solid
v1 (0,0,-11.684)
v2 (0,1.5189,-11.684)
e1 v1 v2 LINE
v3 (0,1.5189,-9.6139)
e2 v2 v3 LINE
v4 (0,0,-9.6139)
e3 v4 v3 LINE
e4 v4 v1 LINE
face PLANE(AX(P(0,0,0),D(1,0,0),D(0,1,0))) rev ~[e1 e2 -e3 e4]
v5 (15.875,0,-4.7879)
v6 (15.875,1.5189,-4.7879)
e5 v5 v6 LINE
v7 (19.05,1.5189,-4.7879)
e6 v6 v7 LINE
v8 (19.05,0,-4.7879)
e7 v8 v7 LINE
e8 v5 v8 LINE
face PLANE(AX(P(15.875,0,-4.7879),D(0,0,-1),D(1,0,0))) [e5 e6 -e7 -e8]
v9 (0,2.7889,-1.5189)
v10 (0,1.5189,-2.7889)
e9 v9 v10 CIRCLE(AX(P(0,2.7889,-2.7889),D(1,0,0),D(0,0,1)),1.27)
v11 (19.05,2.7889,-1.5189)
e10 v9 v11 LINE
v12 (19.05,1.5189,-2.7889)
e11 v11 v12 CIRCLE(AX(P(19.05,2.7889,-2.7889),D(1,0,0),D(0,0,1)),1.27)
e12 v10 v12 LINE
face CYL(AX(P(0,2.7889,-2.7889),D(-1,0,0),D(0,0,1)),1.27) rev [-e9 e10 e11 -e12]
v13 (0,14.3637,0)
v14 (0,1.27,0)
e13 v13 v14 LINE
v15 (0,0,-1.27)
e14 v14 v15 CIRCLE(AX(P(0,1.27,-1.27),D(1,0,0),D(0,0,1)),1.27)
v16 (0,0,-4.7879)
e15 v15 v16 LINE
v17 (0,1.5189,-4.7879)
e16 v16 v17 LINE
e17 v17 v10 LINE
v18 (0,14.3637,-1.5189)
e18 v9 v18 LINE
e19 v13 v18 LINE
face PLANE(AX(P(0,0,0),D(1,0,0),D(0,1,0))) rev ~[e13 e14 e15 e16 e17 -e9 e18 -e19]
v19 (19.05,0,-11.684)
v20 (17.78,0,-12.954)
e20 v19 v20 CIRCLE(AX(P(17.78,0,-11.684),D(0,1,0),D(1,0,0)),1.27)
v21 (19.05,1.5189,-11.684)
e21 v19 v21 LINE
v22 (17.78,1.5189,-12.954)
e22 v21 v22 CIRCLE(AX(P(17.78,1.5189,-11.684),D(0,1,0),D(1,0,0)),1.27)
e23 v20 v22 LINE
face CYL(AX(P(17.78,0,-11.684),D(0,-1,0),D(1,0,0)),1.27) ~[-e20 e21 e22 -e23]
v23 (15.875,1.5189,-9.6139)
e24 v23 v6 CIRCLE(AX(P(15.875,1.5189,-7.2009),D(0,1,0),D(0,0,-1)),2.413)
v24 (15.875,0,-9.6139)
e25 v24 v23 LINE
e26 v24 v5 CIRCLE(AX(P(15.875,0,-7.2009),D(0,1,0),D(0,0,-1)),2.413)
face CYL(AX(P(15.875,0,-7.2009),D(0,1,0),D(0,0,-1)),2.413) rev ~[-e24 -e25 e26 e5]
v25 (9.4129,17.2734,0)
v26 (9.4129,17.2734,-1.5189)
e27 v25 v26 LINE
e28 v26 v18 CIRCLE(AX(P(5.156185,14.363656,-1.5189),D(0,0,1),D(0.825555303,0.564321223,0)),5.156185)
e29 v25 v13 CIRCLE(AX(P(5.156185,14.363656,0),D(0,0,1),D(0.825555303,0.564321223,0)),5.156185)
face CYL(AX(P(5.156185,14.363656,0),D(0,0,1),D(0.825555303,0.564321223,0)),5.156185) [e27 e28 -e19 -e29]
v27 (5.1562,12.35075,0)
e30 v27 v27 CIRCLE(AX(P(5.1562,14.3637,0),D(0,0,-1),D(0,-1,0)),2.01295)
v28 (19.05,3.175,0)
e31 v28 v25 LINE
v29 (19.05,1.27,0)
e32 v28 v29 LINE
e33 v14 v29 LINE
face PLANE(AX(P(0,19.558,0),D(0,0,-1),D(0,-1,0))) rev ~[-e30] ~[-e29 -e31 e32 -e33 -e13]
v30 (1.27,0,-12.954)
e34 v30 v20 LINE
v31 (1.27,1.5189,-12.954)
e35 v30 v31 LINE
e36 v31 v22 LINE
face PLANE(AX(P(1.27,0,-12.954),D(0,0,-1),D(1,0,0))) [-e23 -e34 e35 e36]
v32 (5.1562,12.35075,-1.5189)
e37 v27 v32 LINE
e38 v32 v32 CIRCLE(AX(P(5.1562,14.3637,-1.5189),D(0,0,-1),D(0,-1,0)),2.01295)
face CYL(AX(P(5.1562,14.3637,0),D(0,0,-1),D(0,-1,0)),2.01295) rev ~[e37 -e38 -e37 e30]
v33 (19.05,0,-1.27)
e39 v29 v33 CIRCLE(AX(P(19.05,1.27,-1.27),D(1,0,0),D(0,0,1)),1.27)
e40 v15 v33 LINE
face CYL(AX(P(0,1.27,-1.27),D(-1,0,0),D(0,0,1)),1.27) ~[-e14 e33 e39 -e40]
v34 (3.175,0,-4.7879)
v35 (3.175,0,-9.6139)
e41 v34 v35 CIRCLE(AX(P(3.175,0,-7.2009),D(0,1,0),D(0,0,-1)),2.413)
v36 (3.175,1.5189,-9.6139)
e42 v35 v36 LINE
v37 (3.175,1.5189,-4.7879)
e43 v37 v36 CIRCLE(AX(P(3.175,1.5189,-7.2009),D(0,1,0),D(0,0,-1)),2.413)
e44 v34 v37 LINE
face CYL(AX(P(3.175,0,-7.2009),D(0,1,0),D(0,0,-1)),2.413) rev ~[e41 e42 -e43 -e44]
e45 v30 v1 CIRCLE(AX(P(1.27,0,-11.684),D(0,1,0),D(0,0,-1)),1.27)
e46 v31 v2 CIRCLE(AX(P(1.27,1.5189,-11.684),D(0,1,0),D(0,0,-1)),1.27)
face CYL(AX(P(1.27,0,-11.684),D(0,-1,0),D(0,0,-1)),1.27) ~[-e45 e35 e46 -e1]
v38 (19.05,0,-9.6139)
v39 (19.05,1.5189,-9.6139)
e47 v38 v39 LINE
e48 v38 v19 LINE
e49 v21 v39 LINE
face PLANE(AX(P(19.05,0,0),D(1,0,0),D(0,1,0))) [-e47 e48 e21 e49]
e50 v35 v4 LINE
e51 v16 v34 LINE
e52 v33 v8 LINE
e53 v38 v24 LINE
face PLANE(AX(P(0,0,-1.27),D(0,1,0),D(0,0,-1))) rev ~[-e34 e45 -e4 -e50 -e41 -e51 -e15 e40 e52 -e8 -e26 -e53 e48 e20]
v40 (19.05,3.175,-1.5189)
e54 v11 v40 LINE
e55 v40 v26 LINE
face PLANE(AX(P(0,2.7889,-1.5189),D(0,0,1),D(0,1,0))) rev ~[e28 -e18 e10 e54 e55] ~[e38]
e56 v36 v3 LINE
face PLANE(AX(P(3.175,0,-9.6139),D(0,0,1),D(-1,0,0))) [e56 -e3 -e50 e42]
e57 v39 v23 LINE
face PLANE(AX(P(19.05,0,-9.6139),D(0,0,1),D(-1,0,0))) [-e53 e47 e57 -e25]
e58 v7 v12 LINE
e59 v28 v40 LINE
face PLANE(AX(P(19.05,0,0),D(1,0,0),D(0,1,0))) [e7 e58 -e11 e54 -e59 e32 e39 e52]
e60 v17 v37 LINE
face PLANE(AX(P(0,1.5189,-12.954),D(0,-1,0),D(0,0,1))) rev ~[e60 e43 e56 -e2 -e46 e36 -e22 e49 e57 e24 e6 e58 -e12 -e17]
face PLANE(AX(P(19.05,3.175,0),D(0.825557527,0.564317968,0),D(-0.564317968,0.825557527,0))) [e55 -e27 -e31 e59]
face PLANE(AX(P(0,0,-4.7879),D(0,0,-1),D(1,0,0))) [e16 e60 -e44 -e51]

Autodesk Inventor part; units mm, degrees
sketch "Sketch_1" plane through (0, 0, 0) normal (1, 0, 0) x (0, 1, 0)
  line L0 (19.558, 0) -> (1.27, 0)
  arc A0 (1.27, 0) -> (0, -1.27) centre (1.27, -1.27) ccw
  line L1 (0, -1.27) -> (0, -12.954)
  line L2 (0, -12.954) -> (1.5189, -12.954)
  line L3 (1.5189, -12.954) -> (1.5189, -2.7889)
  arc A1 (2.7889, -1.5189) -> (1.5189, -2.7889) centre (2.7889, -2.7889) ccw
  line L4 (2.7889, -1.5189) -> (19.558, -1.5189)
  line L5 (19.558, -1.5189) -> (19.558, 0)
extrude "Extrusion1" add sketch "Sketch_1" along normal blind 19.05
sketch "Sketch_2" plane through (0, 0, 0) normal (0, 0, 1) x (1, 0, 0)
  line L0 (-19.05, -19.558) -> (28.575, -19.558)
  line L1 (28.575, -19.558) -> (28.575, 29.337)
  line L2 (28.575, 29.337) -> (-19.05, 29.337)
  line L3 (-19.05, 29.337) -> (-19.05, -19.558)
  line L4 (0, 0) -> (19.05, 0)
  line L5 (19.05, 0) -> (19.05, 3.175)
  line L6 (19.05, 3.175) -> (9.4129, 17.2734)
  arc A0 (9.4129, 17.2734) -> (0, 14.3637) centre (5.1562, 14.3637) ccw
  line L7 (0, 14.3637) -> (0, 0)
extrude "Extrusion2" cut sketch "Sketch_2" against normal blind 12.954
sketch "Sketch3" plane through (0, 1.27, 0) normal (0, 0, 1) x (1, 0, 0)
  point P0 (5.1562, 13.0937)
hole "Hole1" at (5.1562, 14.3637, 0) direction (0, 0, -1) diameter 4.0259 depth 1.5189
sketch "Sketch4" plane through (0, 0, -12.954) normal (0, -1, 0) x (1, 0, 0)
  point P0 (3.175, 5.7531)
hole "Hole2" at (3.175, 0, -7.2009) direction (0, 1, 0) diameter 4.826 depth 1.5189
sketch "Sketch5" plane through (0, 0, -12.954) normal (0, -1, 0) x (1, 0, 0)
  point P0 (15.875, 5.7531)
hole "Hole3" at (15.875, 0, -7.2009) direction (0, 1, 0) diameter 4.826 depth 1.5189
sketch "Sketch_6" plane through (0, 0, 0) normal (0, 1, 0) x (-1, 0, 0)
  line L0 (0, -9.6139) -> (0, -4.7879)
  line L1 (0, -4.7879) -> (-3.175, -4.7879)
  line L2 (-3.175, -4.7879) -> (-3.175, -9.6139)
  line L3 (-3.175, -9.6139) -> (0, -9.6139)
sketch "Sketch_7" plane through (0, 0, 0) normal (0, 1, 0) x (-1, 0, 0)
  line L0 (-15.875, -9.6139) -> (-15.875, -4.7879)
  line L1 (-15.875, -4.7879) -> (-19.05, -4.7879)
  line L2 (-19.05, -4.7879) -> (-19.05, -9.6139)
  line L3 (-19.05, -9.6139) -> (-15.875, -9.6139)
extrude "Extrusion3" cut sketch "Sketch_6" along normal blind 1.5189
extrude "Extrusion4" cut sketch "Sketch_7" along normal blind 1.5189
sketch "Sketch_8" plane through (0, 0, 0) normal (0, 1, 0) x (-1, 0, 0)
  line L0 (0, -19.431) -> (0, -11.684)
  arc A0 (-1.27, -12.954) -> (0, -11.684) centre (-1.27, -11.684) ccw
  line L1 (-1.27, -12.954) -> (-17.78, -12.954)
  arc A1 (-19.05, -11.684) -> (-17.78, -12.954) centre (-17.78, -11.684) ccw
  line L2 (-19.05, -11.684) -> (-19.05, -19.431)
  line L3 (-19.05, -19.431) -> (0, -19.431)
extrude "Extrusion5" cut sketch "Sketch_8" along normal blind 1.5189
ref_plane "c2_XY" through (0, 0, 0) normal (1, 0, 0) x (0, 0, -1)
ref_plane "c2_YZ" through (0, 0, 0) normal (0, 0, -1) x (0, 1, 0)
ref_plane "c2_ZX" through (0, 0, 0) normal (0, 1, 0) x (1, 0, 0)
ref_plane "k2_XY" through (0, 0, -12.954) normal (1, 0, 0) x (0, 0, -1)
ref_plane "k2_YZ" through (0, 0, -12.954) normal (0, 0, -1) x (0, 1, 0)
ref_plane "k2_ZX" through (0, 0, -12.954) normal (0, 1, 0) x (1, 0, 0)
ref_plane "to_dummy_R_XY" through (0, 0, 0) normal (0, 0, 1) x (1, 0, 0)
ref_plane "to_dummy_R_YZ" through (0, 0, 0) normal (1, 0, 0) x (0, 1, 0)
ref_plane "to_dummy_R_ZX" through (0, 0, 0) normal (0, 1, 0) x (0, 0, 1)
ref_plane "to_pin_R_XY" through (5.1562, 14.3637, 0) normal (0, 0, 1) x (1, 0, 0)
ref_plane "to_pin_R_YZ" through (5.1562, 14.3637, 0) normal (1, 0, 0) x (0, 1, 0)
ref_plane "to_pin_R_ZX" through (5.1562, 14.3637, 0) normal (0, 1, 0) x (0, 0, 1)
properties part number "D-782_pin" material "Steel"
